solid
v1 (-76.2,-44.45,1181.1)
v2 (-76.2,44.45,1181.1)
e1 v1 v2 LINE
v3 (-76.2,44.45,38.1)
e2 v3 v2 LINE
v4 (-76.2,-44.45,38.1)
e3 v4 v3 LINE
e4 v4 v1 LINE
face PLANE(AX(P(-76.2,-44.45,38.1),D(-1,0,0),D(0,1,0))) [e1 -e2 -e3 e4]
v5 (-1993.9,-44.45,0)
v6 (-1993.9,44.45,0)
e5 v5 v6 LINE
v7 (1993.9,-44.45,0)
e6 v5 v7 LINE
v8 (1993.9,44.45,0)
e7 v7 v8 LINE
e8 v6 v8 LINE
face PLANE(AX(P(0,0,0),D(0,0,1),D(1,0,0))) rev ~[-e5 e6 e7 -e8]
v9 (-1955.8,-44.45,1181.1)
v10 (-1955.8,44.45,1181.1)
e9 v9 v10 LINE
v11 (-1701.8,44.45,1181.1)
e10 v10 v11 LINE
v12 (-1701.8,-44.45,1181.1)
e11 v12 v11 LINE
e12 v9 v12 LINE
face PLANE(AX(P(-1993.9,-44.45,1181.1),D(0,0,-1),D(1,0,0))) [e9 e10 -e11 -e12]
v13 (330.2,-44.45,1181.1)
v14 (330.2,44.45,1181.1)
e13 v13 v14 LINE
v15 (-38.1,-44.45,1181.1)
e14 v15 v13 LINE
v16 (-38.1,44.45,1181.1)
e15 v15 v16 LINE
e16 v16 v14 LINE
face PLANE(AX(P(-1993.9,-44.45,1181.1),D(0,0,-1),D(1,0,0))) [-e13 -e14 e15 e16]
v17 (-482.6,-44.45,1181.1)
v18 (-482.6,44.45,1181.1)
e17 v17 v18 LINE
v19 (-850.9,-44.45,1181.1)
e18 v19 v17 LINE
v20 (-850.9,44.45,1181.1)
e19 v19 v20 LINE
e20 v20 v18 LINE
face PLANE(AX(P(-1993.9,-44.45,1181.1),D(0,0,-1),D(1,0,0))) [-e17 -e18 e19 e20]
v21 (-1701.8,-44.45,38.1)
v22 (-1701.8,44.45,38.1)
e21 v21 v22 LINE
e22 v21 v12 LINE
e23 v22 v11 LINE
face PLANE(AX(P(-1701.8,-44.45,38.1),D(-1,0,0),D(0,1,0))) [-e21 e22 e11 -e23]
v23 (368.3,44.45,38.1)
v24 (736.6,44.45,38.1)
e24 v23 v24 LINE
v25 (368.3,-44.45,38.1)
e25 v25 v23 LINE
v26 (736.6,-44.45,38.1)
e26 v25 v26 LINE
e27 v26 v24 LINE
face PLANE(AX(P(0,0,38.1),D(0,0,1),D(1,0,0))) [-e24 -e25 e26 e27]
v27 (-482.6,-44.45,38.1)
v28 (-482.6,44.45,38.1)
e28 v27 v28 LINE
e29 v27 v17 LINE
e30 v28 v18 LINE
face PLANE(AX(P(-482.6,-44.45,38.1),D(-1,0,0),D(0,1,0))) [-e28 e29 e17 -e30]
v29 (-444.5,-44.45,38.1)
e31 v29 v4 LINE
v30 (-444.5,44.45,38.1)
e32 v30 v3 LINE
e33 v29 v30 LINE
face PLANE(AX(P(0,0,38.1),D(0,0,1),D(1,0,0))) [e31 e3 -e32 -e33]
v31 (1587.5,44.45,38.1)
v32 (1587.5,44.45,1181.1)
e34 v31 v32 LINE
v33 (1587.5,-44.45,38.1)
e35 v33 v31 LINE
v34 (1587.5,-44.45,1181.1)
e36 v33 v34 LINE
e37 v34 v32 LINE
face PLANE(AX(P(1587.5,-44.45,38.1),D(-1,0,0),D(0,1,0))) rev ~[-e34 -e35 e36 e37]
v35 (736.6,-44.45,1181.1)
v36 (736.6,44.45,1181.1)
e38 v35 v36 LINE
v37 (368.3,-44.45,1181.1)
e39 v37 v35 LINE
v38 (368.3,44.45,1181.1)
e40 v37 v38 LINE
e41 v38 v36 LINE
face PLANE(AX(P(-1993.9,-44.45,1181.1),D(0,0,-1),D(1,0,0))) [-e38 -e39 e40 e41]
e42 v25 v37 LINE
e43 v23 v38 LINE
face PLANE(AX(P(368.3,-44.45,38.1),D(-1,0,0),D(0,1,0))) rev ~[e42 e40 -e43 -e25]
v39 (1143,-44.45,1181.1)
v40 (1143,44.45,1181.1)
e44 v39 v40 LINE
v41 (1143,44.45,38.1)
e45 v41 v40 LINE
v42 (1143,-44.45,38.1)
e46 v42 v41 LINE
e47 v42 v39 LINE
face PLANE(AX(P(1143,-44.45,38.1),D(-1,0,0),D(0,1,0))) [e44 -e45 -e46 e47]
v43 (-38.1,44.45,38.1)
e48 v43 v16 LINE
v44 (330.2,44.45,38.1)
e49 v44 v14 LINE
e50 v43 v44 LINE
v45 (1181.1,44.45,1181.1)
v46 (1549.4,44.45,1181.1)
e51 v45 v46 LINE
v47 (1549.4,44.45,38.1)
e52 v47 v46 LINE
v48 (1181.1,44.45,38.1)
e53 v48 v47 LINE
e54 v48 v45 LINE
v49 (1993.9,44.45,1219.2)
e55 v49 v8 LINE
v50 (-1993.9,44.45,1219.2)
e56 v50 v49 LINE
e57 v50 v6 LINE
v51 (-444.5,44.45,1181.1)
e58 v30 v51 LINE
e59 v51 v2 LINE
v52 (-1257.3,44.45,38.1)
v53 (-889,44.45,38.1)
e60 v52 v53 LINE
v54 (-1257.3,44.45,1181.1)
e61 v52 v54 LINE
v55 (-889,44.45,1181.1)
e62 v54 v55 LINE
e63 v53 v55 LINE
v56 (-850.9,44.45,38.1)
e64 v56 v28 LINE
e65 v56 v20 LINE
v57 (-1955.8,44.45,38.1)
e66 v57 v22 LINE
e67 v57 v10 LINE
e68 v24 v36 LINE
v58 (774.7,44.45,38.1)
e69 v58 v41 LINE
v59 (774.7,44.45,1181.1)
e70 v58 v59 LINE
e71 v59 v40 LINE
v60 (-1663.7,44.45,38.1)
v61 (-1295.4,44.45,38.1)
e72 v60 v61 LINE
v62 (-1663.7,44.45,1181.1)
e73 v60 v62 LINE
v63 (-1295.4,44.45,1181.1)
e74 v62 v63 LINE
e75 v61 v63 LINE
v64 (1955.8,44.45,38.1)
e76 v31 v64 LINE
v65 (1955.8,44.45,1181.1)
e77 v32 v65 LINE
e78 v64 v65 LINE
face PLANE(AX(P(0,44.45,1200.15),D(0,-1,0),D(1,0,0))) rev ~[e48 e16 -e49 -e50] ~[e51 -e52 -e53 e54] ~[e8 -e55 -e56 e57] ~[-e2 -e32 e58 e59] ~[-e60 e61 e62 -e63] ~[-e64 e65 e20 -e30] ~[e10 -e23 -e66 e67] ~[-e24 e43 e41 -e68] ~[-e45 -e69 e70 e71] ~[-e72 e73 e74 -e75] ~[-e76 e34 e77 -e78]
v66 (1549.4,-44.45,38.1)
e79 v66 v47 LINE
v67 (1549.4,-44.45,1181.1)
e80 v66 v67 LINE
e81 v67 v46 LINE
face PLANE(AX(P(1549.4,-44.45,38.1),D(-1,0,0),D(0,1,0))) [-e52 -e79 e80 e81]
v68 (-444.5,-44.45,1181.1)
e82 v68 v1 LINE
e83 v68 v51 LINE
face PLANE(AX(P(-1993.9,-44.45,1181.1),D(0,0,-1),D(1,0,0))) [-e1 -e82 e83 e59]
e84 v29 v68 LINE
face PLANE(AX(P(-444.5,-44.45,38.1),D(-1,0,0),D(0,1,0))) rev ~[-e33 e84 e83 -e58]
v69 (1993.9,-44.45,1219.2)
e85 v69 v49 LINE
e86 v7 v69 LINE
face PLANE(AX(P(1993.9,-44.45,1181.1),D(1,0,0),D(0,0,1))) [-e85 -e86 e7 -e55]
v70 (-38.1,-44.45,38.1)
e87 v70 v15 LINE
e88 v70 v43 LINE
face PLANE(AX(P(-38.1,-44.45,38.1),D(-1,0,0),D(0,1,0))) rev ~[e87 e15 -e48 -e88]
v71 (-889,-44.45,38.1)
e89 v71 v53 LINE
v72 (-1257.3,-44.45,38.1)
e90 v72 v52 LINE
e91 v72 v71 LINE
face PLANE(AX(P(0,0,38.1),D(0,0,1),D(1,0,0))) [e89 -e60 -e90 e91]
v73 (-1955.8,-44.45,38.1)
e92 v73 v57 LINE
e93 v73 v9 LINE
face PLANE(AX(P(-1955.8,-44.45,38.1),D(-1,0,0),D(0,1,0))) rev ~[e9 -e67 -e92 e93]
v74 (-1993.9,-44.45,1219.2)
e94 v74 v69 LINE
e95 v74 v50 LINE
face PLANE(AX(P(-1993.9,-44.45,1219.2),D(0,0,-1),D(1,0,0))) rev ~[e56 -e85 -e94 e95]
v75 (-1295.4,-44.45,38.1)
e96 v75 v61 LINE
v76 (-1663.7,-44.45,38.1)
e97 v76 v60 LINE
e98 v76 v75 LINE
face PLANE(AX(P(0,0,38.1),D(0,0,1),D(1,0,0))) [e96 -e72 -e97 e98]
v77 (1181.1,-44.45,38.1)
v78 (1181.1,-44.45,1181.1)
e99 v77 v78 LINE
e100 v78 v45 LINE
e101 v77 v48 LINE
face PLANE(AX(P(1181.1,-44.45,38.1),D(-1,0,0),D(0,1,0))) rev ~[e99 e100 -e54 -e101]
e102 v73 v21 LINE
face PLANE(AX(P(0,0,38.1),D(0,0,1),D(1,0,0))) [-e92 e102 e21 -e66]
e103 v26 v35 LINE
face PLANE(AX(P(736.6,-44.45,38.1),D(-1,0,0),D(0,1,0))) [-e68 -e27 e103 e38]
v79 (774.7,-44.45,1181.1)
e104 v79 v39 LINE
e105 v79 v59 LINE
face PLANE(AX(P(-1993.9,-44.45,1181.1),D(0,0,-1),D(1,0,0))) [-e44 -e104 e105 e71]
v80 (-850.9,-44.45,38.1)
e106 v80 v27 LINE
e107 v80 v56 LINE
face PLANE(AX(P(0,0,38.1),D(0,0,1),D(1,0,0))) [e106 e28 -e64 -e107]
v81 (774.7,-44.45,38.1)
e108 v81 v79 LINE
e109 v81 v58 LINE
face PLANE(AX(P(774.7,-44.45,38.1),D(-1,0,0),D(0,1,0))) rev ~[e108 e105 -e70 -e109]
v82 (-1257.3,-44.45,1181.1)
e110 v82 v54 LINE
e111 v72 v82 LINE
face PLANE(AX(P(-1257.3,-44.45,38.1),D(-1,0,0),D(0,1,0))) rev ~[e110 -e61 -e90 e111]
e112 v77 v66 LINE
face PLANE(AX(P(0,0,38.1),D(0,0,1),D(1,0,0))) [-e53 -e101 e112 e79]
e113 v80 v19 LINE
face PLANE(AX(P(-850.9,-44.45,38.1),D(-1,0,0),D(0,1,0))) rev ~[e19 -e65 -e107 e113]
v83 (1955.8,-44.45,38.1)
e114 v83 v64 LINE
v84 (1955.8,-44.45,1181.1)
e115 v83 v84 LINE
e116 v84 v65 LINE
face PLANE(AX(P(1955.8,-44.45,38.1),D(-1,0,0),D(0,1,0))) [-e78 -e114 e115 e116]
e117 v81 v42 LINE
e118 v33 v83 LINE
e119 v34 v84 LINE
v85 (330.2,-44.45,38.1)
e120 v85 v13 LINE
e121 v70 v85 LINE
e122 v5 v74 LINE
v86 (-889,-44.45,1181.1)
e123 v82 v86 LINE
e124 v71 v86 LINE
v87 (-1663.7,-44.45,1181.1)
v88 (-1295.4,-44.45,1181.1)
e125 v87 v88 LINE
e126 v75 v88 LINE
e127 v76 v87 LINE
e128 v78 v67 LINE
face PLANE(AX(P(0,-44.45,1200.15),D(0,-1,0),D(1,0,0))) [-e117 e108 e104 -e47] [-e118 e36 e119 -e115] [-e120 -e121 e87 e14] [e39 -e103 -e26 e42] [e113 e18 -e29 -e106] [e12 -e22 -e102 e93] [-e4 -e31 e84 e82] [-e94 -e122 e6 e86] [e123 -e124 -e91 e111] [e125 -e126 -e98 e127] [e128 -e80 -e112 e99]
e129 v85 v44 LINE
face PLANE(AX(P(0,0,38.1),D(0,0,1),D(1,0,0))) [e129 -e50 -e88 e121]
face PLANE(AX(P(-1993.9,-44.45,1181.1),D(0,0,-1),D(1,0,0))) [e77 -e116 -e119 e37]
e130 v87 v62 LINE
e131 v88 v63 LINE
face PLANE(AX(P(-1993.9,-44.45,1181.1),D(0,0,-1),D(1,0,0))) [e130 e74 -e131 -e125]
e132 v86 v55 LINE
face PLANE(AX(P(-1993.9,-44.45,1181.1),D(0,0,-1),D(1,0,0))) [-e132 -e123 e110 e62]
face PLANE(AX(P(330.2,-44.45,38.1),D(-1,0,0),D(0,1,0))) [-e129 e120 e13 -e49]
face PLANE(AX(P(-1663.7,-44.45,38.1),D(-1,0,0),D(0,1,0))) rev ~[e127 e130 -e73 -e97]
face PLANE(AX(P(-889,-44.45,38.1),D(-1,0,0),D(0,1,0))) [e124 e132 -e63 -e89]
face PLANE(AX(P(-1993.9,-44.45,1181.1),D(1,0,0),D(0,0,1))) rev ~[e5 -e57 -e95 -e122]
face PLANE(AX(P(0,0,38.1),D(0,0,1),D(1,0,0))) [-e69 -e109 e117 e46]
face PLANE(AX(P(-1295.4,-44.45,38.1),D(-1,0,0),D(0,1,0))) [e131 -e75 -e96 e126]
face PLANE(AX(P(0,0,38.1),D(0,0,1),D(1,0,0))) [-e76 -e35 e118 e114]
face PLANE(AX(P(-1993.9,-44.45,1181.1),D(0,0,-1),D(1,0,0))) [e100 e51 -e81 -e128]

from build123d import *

# Parameters (mm, degrees)
F0_W     = 3987.8
F0_H     = 88.9
F1_DEPTH = 38.1
F2_W     = 38.1
F2_H     = 88.9
F3_DEPTH = 1143
F4_W     = 3987.8
F4_H     = 38.1
F5_DEPTH = 88.9


with BuildPart() as f1:
    # F0 (on Top) → F1 (new body)
    with BuildSketch(Plane.XY):
        Rectangle(F0_W, F0_H)
    extrude(amount=F1_DEPTH)

    # F2 (on face) → F3 (join)
    with BuildSketch(Plane.XY.offset(38.1)):
        with Locations((1974.85, 0)):
            Rectangle(F2_W, F2_H)
        with Locations((1568.45, 0)):
            Rectangle(F2_W, F2_H)
        with Locations((1162.05, 0)):
            Rectangle(F2_W, F2_H)
        with Locations((755.65, 0)):
            Rectangle(F2_W, F2_H)
        with Locations((349.25, 0)):
            Rectangle(F2_W, F2_H)
        with Locations((-57.15, 0)):
            Rectangle(F2_W, F2_H)
        with Locations((-463.55, 0)):
            Rectangle(F2_W, F2_H)
        with Locations((-869.95, 0)):
            Rectangle(F2_W, F2_H)
        with Locations((-1276.35, 0)):
            Rectangle(F2_W, F2_H)
        with Locations((-1974.85, 0)):
            Rectangle(F2_W, F2_H)
        with Locations((-1682.75, 0)):
            Rectangle(F2_W, F2_H)
    extrude(amount=F3_DEPTH)

    # F4 (on face) → F5 (join)
    with BuildSketch(Plane.XZ.offset(44.45)):
        with Locations((0, 1200.15)):
            Rectangle(F4_W, F4_H)
    extrude(amount=-F5_DEPTH)


solid = f1.part
